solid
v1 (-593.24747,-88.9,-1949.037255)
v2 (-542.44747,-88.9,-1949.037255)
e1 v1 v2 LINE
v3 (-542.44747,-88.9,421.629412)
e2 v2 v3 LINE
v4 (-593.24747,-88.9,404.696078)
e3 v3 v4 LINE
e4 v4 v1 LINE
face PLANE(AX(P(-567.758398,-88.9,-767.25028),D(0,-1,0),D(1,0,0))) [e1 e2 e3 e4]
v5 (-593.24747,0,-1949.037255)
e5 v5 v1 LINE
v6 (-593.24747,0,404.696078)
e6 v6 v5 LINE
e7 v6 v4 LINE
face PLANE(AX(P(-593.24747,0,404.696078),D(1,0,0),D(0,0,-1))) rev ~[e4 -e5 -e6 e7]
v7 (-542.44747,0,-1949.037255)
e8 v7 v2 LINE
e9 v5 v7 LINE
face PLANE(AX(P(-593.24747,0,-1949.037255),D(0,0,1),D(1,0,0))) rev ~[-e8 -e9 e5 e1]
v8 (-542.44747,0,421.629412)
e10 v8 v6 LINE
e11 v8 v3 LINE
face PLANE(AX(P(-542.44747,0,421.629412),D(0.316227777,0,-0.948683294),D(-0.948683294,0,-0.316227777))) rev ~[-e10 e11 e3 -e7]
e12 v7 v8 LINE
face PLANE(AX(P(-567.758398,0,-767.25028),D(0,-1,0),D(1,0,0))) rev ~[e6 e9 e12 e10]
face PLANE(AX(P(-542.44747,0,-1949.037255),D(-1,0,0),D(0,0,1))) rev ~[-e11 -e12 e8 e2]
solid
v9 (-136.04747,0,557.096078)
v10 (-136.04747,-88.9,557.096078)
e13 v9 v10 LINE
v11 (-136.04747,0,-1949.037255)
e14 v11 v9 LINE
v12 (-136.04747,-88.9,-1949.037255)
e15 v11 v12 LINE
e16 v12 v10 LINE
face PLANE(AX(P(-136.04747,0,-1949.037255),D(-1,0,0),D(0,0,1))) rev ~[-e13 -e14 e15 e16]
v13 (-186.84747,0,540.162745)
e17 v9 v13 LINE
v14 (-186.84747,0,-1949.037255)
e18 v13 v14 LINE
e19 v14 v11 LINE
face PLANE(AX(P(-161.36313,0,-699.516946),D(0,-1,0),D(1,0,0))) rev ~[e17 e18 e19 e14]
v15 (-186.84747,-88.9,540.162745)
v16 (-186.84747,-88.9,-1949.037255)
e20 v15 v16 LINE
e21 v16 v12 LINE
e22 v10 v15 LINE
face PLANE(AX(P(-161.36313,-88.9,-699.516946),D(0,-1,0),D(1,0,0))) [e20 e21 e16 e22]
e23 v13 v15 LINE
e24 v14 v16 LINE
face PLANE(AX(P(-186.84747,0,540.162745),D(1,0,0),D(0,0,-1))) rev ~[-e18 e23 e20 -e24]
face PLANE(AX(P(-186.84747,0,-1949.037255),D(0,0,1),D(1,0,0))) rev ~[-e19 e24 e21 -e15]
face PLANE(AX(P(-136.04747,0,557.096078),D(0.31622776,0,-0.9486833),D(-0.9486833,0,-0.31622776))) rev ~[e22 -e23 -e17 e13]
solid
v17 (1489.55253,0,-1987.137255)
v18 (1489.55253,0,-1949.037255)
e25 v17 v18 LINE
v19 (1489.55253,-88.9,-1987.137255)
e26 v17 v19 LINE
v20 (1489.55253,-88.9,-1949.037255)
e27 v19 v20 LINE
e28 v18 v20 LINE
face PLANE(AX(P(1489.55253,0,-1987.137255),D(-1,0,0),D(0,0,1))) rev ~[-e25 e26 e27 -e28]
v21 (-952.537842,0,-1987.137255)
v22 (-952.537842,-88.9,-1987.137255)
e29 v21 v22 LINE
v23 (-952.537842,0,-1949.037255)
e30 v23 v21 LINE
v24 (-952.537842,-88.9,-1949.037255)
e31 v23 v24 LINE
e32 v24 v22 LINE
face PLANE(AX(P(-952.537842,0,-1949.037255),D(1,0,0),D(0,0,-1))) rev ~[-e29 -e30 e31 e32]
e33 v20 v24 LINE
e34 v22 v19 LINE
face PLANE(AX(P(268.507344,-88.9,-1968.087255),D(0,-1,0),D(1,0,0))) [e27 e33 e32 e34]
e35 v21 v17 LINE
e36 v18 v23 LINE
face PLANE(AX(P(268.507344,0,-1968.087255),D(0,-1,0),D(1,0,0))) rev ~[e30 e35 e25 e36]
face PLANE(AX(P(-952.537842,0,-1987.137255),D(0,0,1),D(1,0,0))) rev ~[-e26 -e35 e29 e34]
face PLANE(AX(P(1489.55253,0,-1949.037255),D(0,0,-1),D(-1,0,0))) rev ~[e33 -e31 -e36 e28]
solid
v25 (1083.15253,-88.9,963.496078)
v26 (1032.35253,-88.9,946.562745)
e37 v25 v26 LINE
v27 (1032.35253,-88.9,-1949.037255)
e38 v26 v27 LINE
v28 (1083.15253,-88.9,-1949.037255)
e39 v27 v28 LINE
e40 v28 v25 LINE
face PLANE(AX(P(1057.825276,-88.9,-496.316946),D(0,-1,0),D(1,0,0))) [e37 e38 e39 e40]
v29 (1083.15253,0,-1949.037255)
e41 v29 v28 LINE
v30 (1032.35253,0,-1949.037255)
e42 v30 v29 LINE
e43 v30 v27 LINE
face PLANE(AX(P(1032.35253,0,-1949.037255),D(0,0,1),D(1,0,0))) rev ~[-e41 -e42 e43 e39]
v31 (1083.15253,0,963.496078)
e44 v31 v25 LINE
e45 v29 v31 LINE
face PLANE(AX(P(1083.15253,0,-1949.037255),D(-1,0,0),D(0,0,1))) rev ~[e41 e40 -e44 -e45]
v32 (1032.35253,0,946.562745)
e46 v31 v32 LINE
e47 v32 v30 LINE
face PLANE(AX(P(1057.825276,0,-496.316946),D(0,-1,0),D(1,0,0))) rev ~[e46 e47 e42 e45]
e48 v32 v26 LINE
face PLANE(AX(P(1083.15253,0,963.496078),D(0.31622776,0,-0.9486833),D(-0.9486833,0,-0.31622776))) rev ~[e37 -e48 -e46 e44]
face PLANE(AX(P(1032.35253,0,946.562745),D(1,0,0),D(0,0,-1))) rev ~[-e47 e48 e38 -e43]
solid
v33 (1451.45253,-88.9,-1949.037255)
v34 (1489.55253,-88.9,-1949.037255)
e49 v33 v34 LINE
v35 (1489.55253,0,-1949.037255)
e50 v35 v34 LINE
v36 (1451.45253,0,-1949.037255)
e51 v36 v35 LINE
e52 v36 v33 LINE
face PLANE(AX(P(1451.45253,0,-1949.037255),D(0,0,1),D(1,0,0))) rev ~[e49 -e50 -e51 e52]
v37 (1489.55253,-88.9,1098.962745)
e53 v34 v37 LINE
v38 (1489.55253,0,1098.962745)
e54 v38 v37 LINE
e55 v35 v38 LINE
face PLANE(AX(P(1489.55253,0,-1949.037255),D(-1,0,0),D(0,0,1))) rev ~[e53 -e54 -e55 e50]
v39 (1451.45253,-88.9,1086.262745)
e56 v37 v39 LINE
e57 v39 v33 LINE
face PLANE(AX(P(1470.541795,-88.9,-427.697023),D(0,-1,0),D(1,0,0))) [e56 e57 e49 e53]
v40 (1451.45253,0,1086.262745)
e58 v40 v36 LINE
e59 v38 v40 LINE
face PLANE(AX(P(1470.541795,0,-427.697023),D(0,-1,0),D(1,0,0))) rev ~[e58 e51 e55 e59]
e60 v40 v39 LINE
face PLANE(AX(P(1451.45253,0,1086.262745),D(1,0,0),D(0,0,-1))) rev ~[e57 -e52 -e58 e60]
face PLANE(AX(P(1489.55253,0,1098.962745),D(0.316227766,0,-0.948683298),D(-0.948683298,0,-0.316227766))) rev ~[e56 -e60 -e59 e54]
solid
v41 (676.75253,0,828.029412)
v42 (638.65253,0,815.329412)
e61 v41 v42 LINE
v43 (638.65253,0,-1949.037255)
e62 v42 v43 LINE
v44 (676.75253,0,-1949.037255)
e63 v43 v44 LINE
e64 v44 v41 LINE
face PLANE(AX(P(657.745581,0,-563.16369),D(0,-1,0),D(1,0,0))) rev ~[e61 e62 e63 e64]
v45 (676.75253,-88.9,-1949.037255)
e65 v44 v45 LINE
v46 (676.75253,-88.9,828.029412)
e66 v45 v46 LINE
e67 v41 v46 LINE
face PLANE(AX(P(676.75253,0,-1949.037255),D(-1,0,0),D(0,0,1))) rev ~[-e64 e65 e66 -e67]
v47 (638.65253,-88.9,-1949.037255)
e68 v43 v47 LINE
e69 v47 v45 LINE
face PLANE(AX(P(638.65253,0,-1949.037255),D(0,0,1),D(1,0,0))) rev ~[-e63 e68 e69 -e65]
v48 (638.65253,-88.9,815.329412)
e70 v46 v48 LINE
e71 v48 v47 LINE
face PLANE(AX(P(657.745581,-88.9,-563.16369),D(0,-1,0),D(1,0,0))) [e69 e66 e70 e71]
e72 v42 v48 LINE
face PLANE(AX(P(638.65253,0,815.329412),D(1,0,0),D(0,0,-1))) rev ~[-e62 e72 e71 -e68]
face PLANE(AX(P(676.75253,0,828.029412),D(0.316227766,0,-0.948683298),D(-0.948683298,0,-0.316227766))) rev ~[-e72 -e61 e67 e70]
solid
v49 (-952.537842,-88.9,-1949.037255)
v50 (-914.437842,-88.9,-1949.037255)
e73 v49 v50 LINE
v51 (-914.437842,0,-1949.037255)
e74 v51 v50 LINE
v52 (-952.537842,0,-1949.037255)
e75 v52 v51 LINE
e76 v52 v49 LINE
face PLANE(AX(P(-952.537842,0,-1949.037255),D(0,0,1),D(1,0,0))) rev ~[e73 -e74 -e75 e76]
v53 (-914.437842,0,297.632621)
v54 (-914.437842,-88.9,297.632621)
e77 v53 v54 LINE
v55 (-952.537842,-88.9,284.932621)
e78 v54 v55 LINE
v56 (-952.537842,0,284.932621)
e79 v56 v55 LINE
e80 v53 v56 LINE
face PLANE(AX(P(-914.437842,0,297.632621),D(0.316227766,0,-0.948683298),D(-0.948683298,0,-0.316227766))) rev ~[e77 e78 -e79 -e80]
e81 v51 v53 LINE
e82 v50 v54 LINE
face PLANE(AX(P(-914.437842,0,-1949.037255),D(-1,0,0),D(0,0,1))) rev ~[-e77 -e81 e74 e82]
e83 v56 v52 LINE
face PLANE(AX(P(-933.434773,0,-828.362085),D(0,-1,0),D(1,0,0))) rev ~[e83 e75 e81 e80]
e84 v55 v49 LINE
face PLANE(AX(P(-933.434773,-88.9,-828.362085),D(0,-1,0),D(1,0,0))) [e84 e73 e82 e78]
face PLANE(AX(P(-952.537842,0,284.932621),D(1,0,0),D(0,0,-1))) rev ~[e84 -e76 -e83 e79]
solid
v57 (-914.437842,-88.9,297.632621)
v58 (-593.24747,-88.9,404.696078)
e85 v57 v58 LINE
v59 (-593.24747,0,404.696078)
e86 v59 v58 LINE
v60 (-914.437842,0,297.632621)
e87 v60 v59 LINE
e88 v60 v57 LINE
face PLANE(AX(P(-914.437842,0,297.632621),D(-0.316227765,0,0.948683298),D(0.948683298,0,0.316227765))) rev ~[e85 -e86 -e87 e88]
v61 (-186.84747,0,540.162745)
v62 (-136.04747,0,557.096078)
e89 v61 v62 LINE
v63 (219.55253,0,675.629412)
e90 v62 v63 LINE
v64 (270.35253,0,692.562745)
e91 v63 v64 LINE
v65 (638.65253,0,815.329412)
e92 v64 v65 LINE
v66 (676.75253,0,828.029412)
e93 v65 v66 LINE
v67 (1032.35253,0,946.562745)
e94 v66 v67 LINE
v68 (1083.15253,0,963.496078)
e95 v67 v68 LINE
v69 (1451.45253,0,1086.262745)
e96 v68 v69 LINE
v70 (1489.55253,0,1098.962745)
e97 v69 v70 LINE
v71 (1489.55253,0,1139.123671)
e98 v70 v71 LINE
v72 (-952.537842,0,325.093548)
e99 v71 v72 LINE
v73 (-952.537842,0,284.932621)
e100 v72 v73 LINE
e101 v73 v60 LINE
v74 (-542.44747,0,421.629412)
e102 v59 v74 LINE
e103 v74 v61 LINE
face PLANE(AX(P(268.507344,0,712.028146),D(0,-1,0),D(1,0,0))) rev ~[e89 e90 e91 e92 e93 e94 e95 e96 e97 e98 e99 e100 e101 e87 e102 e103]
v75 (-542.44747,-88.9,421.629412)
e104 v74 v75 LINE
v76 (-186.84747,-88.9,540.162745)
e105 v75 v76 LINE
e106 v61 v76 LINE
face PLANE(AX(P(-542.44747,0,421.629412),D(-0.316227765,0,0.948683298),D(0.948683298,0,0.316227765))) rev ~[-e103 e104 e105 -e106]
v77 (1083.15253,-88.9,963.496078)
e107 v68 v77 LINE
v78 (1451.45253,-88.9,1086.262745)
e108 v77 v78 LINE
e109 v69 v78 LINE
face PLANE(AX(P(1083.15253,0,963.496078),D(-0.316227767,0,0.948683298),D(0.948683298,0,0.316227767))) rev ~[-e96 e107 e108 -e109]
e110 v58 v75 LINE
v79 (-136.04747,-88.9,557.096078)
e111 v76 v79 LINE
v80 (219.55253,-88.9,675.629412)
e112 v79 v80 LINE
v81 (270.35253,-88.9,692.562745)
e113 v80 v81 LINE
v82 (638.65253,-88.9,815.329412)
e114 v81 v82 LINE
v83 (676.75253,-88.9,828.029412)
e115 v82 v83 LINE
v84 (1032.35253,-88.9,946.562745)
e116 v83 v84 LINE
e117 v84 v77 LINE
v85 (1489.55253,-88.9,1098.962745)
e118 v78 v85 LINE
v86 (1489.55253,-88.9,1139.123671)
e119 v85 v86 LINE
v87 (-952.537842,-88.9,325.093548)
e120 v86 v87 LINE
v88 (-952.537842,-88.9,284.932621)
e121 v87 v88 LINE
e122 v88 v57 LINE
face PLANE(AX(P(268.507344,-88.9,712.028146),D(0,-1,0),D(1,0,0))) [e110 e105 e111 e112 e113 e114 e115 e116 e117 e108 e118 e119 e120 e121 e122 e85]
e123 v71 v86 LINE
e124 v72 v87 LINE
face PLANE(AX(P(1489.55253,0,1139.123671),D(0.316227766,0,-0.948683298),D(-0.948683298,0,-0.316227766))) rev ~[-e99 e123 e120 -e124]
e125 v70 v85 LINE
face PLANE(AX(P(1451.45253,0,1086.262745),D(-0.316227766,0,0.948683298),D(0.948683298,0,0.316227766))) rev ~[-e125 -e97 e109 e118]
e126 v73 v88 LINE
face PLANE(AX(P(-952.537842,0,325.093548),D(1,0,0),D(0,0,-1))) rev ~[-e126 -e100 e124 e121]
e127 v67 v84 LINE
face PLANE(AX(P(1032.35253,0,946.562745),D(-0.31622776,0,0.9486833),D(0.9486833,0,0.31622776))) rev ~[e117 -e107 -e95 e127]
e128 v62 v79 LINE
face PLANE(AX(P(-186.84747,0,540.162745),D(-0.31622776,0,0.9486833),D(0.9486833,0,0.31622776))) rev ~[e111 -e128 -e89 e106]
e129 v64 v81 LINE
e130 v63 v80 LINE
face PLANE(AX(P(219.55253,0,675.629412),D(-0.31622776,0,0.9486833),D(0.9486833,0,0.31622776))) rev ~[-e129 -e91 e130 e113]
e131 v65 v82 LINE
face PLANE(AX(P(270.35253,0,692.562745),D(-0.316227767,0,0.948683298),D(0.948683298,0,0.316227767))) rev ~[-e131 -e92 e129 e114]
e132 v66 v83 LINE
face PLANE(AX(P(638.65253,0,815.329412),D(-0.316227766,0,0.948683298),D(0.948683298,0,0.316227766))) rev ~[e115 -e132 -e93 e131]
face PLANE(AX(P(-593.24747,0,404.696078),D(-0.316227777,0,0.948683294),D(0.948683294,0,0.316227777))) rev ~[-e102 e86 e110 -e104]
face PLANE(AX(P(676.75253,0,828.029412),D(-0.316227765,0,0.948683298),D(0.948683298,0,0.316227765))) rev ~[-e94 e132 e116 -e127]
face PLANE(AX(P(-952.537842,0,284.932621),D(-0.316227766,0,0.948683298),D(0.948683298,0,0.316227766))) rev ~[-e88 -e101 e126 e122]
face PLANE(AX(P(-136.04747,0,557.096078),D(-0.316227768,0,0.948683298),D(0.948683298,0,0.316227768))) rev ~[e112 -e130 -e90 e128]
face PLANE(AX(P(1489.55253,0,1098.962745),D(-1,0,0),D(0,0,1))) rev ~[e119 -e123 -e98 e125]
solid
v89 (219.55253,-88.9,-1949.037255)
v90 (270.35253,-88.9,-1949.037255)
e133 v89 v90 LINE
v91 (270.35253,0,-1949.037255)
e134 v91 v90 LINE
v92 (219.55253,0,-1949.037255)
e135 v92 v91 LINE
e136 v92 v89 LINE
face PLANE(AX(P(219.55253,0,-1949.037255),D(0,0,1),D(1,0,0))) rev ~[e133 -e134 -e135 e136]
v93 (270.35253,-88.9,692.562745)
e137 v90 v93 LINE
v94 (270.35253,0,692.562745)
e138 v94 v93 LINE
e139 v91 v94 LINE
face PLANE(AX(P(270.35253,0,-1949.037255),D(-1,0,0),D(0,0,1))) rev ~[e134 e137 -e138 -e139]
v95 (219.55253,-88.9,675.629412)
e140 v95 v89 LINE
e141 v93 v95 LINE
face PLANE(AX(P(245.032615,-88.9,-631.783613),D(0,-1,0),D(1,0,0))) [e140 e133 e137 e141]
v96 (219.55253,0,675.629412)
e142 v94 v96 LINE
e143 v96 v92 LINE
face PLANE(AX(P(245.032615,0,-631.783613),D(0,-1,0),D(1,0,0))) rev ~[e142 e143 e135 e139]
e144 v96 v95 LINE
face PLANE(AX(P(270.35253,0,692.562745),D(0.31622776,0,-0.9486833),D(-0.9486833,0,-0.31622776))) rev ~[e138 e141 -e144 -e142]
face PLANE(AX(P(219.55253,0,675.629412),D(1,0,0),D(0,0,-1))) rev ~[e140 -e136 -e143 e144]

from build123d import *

# Parameters (mm, degrees)
F1_DEPTH = 88.9
F2_DEPTH = 88.9


with BuildPart() as f1:
    # F0 (on Front) → F1 (new body)
    with BuildSketch(Plane.XZ):
        Polygon((1489.55253, -1949.037255), (1489.55253, 1098.962745), (1451.45253, 1086.262745), (1451.45253, -1949.037255), align=None)
        Polygon((-914.437842, 297.632621), (-952.537842, 284.932621), (-952.537842, -1949.037255), (-914.437842, -1949.037255), align=None)
        Polygon((-542.44747, 421.629412), (-593.24747, 404.696078), (-593.24747, -1949.037255), (-542.44747, -1949.037255), align=None)
        Polygon((-136.04747, 557.096078), (-186.84747, 540.162745), (-186.84747, -1949.037255), (-136.04747, -1949.037255), align=None)
        Polygon((270.35253, 692.562745), (219.55253, 675.629412), (219.55253, -1949.037255), (270.35253, -1949.037255), align=None)
        Polygon((676.75253, -1949.037255), (676.75253, 828.029412), (638.65253, 815.329412), (638.65253, -1949.037255), align=None)
        Polygon((1083.15253, -1949.037255), (1083.15253, 963.496078), (1032.35253, 946.562745), (1032.35253, -1949.037255), align=None)
    extrude(amount=F1_DEPTH)


with BuildPart() as f2:
    # F0 (on Front) → F2 (new body)
    with BuildSketch(Plane.XZ):
        Polygon((1489.55253, 1139.123671), (-952.537842, 325.093548), (-952.537842, 284.932621), (-914.437842, 297.632621), (-593.24747, 404.696078), (-542.44747, 421.629412), (-186.84747, 540.162745), (-136.04747, 557.096078), (219.55253, 675.629412), (270.35253, 692.562745), (638.65253, 815.329412), (676.75253, 828.029412), (1032.35253, 946.562745), (1083.15253, 963.496078), (1451.45253, 1086.262745), (1489.55253, 1098.962745), align=None)
        Polygon((-914.437842, -1949.037255), (-952.537842, -1949.037255), (-952.537842, -1987.137255), (1489.55253, -1987.137255), (1489.55253, -1949.037255), (1451.45253, -1949.037255), (1083.15253, -1949.037255), (1032.35253, -1949.037255), (676.75253, -1949.037255), (638.65253, -1949.037255), (270.35253, -1949.037255), (219.55253, -1949.037255), (-136.04747, -1949.037255), (-186.84747, -1949.037255), (-542.44747, -1949.037255), (-593.24747, -1949.037255), align=None)
    extrude(amount=F2_DEPTH)


solid = Compound([f1.part, f2.part])
